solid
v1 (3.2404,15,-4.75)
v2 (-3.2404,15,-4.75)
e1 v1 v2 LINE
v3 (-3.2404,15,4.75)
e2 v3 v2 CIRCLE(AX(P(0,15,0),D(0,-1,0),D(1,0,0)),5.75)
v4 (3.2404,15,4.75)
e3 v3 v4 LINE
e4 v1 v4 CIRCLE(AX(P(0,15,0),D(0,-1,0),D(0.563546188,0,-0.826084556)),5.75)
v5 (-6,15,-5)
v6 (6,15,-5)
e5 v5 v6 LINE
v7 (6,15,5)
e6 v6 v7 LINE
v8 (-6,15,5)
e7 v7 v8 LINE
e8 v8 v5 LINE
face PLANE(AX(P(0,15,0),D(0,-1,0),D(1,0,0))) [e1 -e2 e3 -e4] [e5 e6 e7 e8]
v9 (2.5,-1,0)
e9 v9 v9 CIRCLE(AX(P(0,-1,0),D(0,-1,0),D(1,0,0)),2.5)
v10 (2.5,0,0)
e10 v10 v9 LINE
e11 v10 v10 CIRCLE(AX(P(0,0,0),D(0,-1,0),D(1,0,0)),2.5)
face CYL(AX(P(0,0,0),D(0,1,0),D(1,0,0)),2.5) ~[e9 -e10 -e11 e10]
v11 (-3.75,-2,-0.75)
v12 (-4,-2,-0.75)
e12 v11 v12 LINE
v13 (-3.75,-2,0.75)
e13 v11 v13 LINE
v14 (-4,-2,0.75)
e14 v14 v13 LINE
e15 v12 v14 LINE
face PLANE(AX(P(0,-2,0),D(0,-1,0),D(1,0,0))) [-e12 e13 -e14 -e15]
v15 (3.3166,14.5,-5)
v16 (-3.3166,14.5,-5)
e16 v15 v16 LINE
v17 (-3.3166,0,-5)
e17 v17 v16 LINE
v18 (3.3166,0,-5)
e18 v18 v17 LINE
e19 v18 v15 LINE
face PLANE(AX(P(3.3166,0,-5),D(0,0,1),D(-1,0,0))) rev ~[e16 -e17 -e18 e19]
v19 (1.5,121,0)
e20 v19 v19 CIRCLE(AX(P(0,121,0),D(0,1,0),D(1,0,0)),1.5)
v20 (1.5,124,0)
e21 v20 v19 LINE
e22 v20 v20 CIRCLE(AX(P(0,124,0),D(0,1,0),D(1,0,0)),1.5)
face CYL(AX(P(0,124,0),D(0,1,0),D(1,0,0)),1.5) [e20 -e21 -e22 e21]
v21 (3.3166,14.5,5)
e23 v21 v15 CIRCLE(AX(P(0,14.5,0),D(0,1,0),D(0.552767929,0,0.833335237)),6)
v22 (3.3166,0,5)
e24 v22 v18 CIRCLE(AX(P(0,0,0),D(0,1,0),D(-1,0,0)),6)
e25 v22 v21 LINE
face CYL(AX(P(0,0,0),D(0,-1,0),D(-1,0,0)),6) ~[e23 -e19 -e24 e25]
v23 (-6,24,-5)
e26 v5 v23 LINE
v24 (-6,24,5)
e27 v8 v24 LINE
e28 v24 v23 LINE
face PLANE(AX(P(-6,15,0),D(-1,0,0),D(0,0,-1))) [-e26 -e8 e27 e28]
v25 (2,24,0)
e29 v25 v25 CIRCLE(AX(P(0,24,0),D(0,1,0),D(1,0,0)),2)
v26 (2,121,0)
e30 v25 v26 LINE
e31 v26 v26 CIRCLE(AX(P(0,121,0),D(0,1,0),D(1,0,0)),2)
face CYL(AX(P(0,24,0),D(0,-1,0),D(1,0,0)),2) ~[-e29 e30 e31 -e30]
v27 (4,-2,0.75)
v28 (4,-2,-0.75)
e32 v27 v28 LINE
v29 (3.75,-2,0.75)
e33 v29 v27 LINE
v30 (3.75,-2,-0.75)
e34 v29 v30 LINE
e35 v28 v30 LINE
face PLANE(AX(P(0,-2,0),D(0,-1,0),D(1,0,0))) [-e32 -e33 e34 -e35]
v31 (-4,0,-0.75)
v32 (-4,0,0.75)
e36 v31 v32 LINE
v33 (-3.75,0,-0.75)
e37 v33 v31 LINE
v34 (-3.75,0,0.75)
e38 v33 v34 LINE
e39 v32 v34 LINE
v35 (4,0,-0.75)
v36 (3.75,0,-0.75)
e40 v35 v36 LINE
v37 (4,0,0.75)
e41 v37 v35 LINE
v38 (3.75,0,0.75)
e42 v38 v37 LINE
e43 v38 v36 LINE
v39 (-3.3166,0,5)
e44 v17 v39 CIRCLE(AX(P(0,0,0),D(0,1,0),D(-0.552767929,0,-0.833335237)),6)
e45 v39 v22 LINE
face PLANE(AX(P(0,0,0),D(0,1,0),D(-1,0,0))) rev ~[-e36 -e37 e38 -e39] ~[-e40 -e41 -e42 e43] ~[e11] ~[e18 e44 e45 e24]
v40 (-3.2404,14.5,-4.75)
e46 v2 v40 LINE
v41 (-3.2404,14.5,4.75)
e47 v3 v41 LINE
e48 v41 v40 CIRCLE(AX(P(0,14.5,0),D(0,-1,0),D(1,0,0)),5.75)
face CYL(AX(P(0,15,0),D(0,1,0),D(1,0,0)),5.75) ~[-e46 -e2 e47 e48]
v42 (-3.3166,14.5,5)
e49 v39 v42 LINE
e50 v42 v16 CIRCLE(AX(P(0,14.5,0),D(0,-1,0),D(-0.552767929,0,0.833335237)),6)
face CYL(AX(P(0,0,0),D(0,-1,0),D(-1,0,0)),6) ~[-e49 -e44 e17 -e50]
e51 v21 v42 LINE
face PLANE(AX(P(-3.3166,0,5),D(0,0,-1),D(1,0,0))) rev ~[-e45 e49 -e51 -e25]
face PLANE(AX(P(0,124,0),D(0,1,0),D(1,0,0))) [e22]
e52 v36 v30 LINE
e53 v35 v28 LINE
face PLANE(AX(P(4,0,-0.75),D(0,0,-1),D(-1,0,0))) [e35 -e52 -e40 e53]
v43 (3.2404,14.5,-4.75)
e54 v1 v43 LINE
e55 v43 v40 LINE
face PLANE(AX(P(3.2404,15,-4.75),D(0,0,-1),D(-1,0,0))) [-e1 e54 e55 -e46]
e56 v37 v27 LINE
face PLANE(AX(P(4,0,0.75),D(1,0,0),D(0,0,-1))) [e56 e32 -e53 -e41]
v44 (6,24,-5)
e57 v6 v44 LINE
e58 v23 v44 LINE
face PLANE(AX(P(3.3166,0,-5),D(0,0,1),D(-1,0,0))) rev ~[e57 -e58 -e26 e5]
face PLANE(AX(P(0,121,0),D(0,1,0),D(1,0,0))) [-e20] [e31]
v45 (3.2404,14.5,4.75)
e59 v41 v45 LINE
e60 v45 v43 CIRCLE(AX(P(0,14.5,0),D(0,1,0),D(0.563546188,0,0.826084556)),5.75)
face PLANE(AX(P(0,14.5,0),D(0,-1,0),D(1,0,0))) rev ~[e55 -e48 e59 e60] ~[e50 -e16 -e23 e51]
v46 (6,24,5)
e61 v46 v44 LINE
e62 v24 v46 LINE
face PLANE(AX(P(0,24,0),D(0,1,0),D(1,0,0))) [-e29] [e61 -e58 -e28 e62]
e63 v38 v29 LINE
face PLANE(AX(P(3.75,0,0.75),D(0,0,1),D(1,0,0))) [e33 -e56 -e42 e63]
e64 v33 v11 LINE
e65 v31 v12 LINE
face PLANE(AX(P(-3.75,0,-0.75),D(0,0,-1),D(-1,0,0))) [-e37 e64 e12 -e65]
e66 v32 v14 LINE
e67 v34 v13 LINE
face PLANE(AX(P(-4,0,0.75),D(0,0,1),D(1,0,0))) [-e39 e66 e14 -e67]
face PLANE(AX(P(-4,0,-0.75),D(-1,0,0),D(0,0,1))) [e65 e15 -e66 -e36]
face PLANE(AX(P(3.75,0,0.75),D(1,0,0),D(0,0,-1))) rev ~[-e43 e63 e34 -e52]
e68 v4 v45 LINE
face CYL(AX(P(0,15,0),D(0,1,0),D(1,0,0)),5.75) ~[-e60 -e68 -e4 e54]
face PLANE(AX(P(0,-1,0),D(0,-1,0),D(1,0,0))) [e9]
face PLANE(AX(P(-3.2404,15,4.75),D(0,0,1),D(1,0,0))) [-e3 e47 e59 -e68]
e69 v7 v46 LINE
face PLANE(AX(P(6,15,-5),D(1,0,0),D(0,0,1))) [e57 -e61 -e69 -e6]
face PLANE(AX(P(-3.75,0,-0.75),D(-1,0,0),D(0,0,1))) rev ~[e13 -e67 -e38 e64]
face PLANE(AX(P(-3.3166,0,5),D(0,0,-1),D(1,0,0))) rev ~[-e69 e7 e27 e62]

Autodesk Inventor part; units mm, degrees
ref_plane "YZ Plane" through (0, 0, 0) normal (1, 0, 0) x (0, 1, 0)
ref_plane "XZ Plane" through (0, 0, 0) normal (0, 1, 0) x (-1, 0, 0)
ref_plane "XY Plane" through (0, 0, 0) normal (0, 0, 1) x (1, 0, 0)
sketch "スケッチ1" plane through (0, 0, 0) normal (0, 1, 0) x (-1, 0, 0)
  circle A0 centre (0, 0) radius 6
  line L0 (3.3166, 5) -> (-3.3166, 5)
  line L1 (-3.3166, 5) -> (-3.3166, -5)
  line L2 (-3.3166, -5) -> (3.3166, -5)
  line L3 (3.3166, -5) -> (3.3166, 5)
  dimension "d0" = 12
  dimension "d1" = 10
extrude "押し出し1" add sketch "スケッチ1" along normal blind 15 contours A0 L3 | L3 L2 L1 L0 | L1 A0
sketch "スケッチ2" plane through (0, 0, 0) normal (0, -1, 0) x (1, 0, 0)
  circle A0 centre (0, 0) radius 2.5
  dimension "d4" = 5
extrude "押し出し2" add sketch "スケッチ2" along normal blind 1
sketch "スケッチ3" plane through (0, 0, 0) normal (0, -1, 0) x (1, 0, 0)
  line L0 (4, -0.75) -> (-4, -0.75)
  line L1 (-4, -0.75) -> (-4, 0.75)
  line L2 (-4, 0.75) -> (4, 0.75)
  line L3 (4, 0.75) -> (4, -0.75)
  line L4 (3.75, -0.75) -> (-3.75, -0.75)
  line L5 (-3.75, -0.75) -> (-3.75, 0.75)
  line L6 (-3.75, 0.75) -> (3.75, 0.75)
  line L7 (3.75, 0.75) -> (3.75, -0.75)
  point P0 (0, 0)
  point P1 (4, 0)
  point P2 (0, -0.75)
  point P3 (0, 0.75)
  dimension "d7" = 8
  dimension "d8" = 1.5
  dimension "d9" = 7.5
extrude "押し出し3" add sketch "スケッチ3" along normal blind 2 contours L0 L7 L2 L3 | L0 L1 L2 L5
sketch "スケッチ4" plane through (0, 15, 0) normal (0, 1, 0) x (1, 0, 0)
  line L0 (-6, 5) -> (6, 5)
  line L1 (6, 5) -> (6, -5)
  line L2 (6, -5) -> (-6, -5)
  line L3 (-6, -5) -> (-6, 5)
  line L4 (3.3166, 5) -> (-3.3166, 5) projected
  arc A0 (3.3166, -5) -> (3.3166, 5) centre (0, 0) ccw projected
  arc A1 (-3.3166, 5) -> (-3.3166, -5) centre (0, 0) ccw projected
  line L5 (-3.3166, -5) -> (3.3166, -5) projected
extrude "押し出し4" add sketch "スケッチ4" along normal blind 9
sketch "スケッチ5" plane through (0, 24, 0) normal (0, 1, 0) x (1, 0, 0)
  circle A0 centre (0, 0) radius 2
  dimension "d14" = 4
extrude "押し出し5" add sketch "スケッチ5" along normal blind 100
sketch "スケッチ6" plane through (0, 15, 0) normal (0, -1, 0) x (1, 0, 0)
  arc A0 (6, 0) -> (3.3166, 5) centre (0, 0) ccw projected
  line L0 (6, 5) -> (6, 0) projected
  line L1 (3.3166, 5) -> (6, 5) projected
  arc A1 (3.3166, -5) -> (6, 0) centre (0, 0) ccw projected
  line L2 (6, -5) -> (3.3166, -5) projected
  line L3 (6, 0) -> (6, -5) projected
  arc A2 (-6, 0) -> (-3.3166, -5) centre (0, 0) ccw projected
  line L4 (-6, -5) -> (-6, 0) projected
  line L5 (-3.3166, -5) -> (-6, -5) projected
  arc A3 (-3.3166, 5) -> (-6, 0) centre (0, 0) ccw projected
  line L6 (-6, 5) -> (-3.3166, 5) projected
  line L7 (-6, 0) -> (-6, 5) projected
  circle A4 centre (0, 0) radius 2 projected
  line L8 (-6, -5) -> (-6, 5) projected
  line L9 (-6, 5) -> (6, 5) projected
  line L10 (6, 5) -> (6, -5) projected
  line L11 (6, -5) -> (-6, -5) projected
  circle A5 centre (0, 0) radius 5.75
  line L12 (3.2404, -4.75) -> (-3.2404, -4.75)
  line L13 (-3.2404, -4.75) -> (-3.2404, 4.75)
  line L14 (-3.2404, 4.75) -> (3.2404, 4.75)
  line L15 (3.2404, 4.75) -> (3.2404, -4.75)
  point P0 (-3.3166, -5)
  point P1 (3.3166, -5)
  dimension "d17" = 11.5
  dimension "d18" = 9.5
extrude "押し出し6" cut sketch "スケッチ6" along normal blind 0.5 contours A1 L11 A5 L9 A0 | A0 L1 L0 | L3 L2 A1 | A5 L14 L9 | L11 A5 L12 | A5 L11 A2 A3 L9 | A3 L7 L6 | L5 L4 A2
sketch "スケッチ7" plane through (0, 124, 0) normal (0, 1, 0) x (1, 0, 0)
  circle A0 centre (0, 0) radius 2 projected
  circle A1 centre (0, 0) radius 1.5
  dimension "d21" = 3
extrude "押し出し7" cut sketch "スケッチ7" against normal blind 3
properties part number "motor_M4_100" material "アルミニウム 6061"
